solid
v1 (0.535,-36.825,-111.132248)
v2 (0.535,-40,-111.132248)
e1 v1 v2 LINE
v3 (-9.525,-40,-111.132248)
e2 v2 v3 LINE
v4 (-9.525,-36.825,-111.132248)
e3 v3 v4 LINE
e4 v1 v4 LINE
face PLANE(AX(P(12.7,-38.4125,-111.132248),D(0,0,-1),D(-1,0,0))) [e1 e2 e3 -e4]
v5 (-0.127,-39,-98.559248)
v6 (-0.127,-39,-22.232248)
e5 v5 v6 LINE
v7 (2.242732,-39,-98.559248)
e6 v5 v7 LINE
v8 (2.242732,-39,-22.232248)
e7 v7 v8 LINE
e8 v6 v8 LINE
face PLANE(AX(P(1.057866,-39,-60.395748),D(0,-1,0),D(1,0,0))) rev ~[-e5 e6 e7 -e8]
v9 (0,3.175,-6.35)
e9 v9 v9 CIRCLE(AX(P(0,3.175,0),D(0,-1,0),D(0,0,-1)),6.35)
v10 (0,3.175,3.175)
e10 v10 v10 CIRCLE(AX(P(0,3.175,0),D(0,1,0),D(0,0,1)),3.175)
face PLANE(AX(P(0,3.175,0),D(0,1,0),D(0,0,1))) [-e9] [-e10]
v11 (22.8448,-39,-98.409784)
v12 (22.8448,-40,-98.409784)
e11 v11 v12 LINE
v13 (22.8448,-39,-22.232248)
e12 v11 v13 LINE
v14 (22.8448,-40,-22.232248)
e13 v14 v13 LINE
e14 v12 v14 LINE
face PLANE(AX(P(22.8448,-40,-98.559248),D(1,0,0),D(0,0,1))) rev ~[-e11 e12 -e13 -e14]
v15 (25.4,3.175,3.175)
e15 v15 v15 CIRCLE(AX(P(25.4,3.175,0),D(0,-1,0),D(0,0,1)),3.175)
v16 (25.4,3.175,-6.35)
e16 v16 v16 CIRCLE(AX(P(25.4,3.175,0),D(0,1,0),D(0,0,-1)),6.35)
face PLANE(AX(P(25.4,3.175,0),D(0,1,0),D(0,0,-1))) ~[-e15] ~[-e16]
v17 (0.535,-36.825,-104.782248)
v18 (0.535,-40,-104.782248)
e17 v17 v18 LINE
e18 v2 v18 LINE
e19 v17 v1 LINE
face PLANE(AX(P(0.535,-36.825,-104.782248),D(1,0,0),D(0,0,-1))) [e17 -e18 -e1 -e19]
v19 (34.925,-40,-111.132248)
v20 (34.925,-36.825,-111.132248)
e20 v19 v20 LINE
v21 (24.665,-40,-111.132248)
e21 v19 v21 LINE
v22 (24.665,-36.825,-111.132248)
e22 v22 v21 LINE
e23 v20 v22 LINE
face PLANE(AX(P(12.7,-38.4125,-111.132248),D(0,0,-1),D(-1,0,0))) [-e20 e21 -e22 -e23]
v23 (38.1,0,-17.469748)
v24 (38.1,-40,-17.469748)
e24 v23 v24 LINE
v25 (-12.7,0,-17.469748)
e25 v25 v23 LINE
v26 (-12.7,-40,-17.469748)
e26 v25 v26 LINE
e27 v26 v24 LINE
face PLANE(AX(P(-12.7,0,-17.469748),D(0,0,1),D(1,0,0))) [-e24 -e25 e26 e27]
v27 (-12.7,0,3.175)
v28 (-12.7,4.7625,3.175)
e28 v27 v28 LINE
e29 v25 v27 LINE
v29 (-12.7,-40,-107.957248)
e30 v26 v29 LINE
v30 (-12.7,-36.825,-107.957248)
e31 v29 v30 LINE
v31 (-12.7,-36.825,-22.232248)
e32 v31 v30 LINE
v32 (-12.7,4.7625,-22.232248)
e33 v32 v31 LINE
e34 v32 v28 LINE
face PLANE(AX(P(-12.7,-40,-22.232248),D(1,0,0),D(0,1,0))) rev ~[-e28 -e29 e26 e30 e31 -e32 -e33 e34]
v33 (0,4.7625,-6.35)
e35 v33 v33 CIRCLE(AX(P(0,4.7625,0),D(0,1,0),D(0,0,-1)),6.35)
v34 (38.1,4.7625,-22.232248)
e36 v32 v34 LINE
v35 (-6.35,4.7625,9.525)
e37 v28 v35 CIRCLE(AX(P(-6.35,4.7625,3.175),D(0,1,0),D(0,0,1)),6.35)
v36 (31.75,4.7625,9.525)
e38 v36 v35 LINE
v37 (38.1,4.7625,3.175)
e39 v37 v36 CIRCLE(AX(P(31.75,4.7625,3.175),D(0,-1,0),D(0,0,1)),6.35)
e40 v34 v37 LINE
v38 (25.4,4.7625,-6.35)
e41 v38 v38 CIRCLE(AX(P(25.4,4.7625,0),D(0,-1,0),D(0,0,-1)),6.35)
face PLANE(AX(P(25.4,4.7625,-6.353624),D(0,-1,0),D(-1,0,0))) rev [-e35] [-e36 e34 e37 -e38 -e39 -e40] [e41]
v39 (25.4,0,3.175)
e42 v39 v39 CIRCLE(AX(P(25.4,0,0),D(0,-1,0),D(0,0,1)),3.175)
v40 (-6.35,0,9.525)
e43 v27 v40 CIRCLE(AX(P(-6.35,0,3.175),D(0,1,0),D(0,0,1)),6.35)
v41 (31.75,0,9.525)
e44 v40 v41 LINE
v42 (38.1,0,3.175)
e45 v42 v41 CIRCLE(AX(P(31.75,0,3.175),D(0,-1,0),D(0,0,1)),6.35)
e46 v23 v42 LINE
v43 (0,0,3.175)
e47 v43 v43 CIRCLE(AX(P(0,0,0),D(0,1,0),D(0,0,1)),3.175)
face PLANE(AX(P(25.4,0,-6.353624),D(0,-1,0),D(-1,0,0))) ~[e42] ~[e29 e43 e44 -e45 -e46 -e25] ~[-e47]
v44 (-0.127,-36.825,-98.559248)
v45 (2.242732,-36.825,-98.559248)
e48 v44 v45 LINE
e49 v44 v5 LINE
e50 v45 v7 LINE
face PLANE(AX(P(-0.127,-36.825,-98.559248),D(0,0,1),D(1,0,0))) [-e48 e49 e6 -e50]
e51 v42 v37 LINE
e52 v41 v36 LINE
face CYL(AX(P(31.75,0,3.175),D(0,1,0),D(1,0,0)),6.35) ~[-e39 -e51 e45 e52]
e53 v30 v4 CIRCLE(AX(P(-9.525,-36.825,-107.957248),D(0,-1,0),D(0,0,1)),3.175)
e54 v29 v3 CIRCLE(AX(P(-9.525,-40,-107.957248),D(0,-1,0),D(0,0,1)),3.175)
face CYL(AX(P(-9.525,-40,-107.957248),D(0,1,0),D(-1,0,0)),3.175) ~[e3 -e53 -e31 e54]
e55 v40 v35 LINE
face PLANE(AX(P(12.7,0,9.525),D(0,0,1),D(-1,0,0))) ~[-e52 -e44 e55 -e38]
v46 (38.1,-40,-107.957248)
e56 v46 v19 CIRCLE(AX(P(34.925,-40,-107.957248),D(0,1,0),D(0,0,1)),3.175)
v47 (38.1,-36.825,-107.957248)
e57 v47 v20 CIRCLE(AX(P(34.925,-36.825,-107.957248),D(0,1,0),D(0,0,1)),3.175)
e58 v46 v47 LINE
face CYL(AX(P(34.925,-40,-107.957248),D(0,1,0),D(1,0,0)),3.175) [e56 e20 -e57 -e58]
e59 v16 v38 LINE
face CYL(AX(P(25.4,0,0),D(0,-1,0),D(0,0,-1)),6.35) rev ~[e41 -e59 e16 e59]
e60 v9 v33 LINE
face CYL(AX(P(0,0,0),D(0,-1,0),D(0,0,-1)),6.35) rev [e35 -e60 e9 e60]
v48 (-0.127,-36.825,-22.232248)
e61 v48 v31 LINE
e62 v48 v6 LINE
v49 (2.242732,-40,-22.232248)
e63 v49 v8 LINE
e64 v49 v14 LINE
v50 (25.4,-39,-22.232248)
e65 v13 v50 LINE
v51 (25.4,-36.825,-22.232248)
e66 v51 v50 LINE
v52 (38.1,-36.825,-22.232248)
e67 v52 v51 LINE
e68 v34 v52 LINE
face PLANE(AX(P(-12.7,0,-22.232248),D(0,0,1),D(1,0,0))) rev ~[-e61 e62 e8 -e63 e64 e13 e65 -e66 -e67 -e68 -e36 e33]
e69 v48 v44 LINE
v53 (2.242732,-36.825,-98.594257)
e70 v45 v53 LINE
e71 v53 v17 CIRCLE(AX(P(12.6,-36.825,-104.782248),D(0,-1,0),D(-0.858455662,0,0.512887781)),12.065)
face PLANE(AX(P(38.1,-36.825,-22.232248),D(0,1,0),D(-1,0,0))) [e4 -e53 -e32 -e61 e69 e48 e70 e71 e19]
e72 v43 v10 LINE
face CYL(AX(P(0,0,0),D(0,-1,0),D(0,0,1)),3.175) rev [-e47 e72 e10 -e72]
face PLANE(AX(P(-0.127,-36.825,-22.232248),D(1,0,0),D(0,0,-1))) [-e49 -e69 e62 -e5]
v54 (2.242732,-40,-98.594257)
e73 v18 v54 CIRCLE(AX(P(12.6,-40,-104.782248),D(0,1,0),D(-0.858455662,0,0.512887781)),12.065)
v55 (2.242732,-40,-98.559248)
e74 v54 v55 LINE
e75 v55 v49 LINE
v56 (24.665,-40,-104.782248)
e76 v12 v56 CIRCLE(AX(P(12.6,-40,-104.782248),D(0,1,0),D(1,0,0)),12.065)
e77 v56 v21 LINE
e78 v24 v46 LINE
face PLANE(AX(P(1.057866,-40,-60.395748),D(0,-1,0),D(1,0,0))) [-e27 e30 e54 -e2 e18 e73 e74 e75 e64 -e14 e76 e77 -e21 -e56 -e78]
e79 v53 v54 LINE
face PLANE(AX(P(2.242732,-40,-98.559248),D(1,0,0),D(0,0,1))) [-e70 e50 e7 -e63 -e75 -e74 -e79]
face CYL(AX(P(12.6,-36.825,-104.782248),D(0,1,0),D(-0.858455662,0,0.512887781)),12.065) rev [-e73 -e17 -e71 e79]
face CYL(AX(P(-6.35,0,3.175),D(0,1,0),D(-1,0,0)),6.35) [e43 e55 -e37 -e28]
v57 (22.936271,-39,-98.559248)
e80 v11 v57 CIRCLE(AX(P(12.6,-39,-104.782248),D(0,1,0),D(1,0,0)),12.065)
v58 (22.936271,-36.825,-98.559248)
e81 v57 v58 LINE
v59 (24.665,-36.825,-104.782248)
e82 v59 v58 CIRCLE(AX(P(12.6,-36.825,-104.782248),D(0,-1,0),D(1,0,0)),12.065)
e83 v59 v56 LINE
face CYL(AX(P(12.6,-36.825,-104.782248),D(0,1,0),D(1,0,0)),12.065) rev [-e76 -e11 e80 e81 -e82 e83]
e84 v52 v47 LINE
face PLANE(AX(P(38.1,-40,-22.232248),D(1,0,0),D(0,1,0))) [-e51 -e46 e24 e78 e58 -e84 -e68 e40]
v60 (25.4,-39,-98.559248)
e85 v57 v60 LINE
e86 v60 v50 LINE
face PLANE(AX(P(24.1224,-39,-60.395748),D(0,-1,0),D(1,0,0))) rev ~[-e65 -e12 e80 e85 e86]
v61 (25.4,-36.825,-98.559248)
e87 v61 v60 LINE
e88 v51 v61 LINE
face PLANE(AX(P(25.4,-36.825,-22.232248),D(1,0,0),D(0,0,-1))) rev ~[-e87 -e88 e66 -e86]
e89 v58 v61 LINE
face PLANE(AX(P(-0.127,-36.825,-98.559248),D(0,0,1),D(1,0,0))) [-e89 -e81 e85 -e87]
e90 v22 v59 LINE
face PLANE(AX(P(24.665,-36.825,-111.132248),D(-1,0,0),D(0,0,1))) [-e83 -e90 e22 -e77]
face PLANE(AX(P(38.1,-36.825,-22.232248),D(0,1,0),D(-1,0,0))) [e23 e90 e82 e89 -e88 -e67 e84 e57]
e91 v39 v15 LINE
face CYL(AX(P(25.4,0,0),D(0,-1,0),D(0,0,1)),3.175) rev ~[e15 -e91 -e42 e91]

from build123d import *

# Parameters (mm, degrees)
SKETCH1_R           = 6.35
SKETCH1_R_2         = 3.175
BOSS_EXTRUDE1_DEPTH = 3.175
SKETCH1_3_R         = 6.35
BOSS_EXTRUDE2_DEPTH = 4.7625
FILLET1_R           = 6.35
SKETCH4_W           = 50.8
SKETCH4_H           = 4.7625
BOSS_EXTRUDE3_DEPTH = 40
SKETCH5_W           = 50.8
SKETCH5_H           = 3.175
BOSS_EXTRUDE4_DEPTH = 88.9
FILLET2_R           = 3.175
SKETCH11_W          = 25.527
SKETCH11_H          = 76.327
CUT_EXTRUDE2_DEPTH  = 125.625465933
SKETCH12_W          = 2.369732381
SKETCH12_H          = 76.327
SKETCH12_W_2        = 2.555200435
BOSS_EXTRUDE5_DEPTH = 1
CUT_EXTRUDE3_DEPTH  = 125.625465933


with BuildPart() as part:
    # Sketch1 → Boss-Extrude1 (new body)
    with BuildSketch(Plane(origin=(0, 0, 0), x_dir=(1, 0, 0), z_dir=(0, 1, 0))):
        Circle(SKETCH1_R)
        Circle(SKETCH1_R_2, mode=Mode.SUBTRACT)
    extrude(amount=BOSS_EXTRUDE1_DEPTH)

    # Sketch1<3> → Boss-Extrude2 (add)
    with BuildSketch(Plane(origin=(0, 0, 0), x_dir=(1, 0, 0), z_dir=(0, 1, 0))):
        Polygon((-12.7, 22.232248258), (-12.7, 0), (-12.7, -9.525), (12.7, -9.525), (12.7, 0), (12.7, 22.232248258), align=None)
        Circle(SKETCH1_3_R, mode=Mode.SUBTRACT)
    extrude(amount=BOSS_EXTRUDE2_DEPTH)

    # Mirror1: part across plane


with BuildPart() as part_1:
    add(part.part)
    add(part.part.mirror(Plane(origin=(12.7, 0, 0), x_dir=(0, 0, 1), z_dir=(1, 0, 0))))

    # Fillet1
    fillet1_edges = [part_1.edges().sort_by_distance(p)[0] for p in [
        (38.1, 2.38125, 9.525),
        (-12.7, 2.38125, 9.525),
    ]]
    fillet(fillet1_edges, radius=FILLET1_R)

    # Sketch4 → Boss-Extrude3 (add)
    with BuildSketch(Plane.XZ):
        with Locations((12.7, -19.850998258)):
            Rectangle(SKETCH4_W, SKETCH4_H)
    extrude(amount=BOSS_EXTRUDE3_DEPTH)

    # Sketch5 → Boss-Extrude4 (add)
    with BuildSketch(Plane(origin=(0, 0, -22.232248258), x_dir=(-1, 0, 0), z_dir=(0, 0, -1))):
        with Locations((-12.7, -38.4125)):
            Rectangle(SKETCH5_W, SKETCH5_H)
    extrude(amount=BOSS_EXTRUDE4_DEPTH)

    # Fillet2
    fillet2_edges = [part_1.edges().sort_by_distance(p)[0] for p in [
        (-12.7, -38.4125, -111.132248258),
        (38.1, -38.4125, -111.132248258),
    ]]
    fillet(fillet2_edges, radius=FILLET2_R)

    # Sketch11 → Cut-Extrude2 (cut, through all)
    with BuildSketch(Plane(origin=(0, -36.825, 0), x_dir=(1, 0, 0), z_dir=(0, 1, 0))):
        with Locations((12.6365, 60.395748258)):
            Rectangle(SKETCH11_W, SKETCH11_H)
    extrude(amount=-CUT_EXTRUDE2_DEPTH, mode=Mode.SUBTRACT)

    # Sketch12 → Boss-Extrude5 (add)
    with BuildSketch(Plane.XZ.offset(40)):
        with Locations((1.05786619, -60.395748258)):
            Rectangle(SKETCH12_W, SKETCH12_H)
        with Locations((24.122399783, -60.395748258)):
            Rectangle(SKETCH12_W_2, SKETCH12_H)
    extrude(amount=-BOSS_EXTRUDE5_DEPTH)

    # Sketch14 → Cut-Extrude3 (cut, through all)
    with BuildSketch(Plane(origin=(0, -36.825, 0), x_dir=(1, 0, 0), z_dir=(0, 1, 0))):
        with BuildLine():
            Line((0.534999946, 104.782248258), (0.534999946, 111.132248258))
            Line((0.534999946, 111.132248258), (24.664999946, 111.132248258))
            Line((24.664999946, 111.132248258), (24.664999946, 104.782248258))
            ThreePointArc((24.664999946, 104.782248258), (24.201028616, 101.468585813), (22.844799565, 98.409783604))
            Line((22.844799565, 98.409783604), (22.844799565, 98.559248258))
            Line((22.844799565, 98.559248258), (2.242732381, 98.559248258))
            Line((2.242732381, 98.559248258), (2.242732381, 98.594257179))
            ThreePointArc((2.242732381, 98.594257179), (0.96976654, 101.572591591), (0.534999946, 104.782248258))
        make_face()
    extrude(amount=-CUT_EXTRUDE3_DEPTH, mode=Mode.SUBTRACT)


solid = part_1.part
